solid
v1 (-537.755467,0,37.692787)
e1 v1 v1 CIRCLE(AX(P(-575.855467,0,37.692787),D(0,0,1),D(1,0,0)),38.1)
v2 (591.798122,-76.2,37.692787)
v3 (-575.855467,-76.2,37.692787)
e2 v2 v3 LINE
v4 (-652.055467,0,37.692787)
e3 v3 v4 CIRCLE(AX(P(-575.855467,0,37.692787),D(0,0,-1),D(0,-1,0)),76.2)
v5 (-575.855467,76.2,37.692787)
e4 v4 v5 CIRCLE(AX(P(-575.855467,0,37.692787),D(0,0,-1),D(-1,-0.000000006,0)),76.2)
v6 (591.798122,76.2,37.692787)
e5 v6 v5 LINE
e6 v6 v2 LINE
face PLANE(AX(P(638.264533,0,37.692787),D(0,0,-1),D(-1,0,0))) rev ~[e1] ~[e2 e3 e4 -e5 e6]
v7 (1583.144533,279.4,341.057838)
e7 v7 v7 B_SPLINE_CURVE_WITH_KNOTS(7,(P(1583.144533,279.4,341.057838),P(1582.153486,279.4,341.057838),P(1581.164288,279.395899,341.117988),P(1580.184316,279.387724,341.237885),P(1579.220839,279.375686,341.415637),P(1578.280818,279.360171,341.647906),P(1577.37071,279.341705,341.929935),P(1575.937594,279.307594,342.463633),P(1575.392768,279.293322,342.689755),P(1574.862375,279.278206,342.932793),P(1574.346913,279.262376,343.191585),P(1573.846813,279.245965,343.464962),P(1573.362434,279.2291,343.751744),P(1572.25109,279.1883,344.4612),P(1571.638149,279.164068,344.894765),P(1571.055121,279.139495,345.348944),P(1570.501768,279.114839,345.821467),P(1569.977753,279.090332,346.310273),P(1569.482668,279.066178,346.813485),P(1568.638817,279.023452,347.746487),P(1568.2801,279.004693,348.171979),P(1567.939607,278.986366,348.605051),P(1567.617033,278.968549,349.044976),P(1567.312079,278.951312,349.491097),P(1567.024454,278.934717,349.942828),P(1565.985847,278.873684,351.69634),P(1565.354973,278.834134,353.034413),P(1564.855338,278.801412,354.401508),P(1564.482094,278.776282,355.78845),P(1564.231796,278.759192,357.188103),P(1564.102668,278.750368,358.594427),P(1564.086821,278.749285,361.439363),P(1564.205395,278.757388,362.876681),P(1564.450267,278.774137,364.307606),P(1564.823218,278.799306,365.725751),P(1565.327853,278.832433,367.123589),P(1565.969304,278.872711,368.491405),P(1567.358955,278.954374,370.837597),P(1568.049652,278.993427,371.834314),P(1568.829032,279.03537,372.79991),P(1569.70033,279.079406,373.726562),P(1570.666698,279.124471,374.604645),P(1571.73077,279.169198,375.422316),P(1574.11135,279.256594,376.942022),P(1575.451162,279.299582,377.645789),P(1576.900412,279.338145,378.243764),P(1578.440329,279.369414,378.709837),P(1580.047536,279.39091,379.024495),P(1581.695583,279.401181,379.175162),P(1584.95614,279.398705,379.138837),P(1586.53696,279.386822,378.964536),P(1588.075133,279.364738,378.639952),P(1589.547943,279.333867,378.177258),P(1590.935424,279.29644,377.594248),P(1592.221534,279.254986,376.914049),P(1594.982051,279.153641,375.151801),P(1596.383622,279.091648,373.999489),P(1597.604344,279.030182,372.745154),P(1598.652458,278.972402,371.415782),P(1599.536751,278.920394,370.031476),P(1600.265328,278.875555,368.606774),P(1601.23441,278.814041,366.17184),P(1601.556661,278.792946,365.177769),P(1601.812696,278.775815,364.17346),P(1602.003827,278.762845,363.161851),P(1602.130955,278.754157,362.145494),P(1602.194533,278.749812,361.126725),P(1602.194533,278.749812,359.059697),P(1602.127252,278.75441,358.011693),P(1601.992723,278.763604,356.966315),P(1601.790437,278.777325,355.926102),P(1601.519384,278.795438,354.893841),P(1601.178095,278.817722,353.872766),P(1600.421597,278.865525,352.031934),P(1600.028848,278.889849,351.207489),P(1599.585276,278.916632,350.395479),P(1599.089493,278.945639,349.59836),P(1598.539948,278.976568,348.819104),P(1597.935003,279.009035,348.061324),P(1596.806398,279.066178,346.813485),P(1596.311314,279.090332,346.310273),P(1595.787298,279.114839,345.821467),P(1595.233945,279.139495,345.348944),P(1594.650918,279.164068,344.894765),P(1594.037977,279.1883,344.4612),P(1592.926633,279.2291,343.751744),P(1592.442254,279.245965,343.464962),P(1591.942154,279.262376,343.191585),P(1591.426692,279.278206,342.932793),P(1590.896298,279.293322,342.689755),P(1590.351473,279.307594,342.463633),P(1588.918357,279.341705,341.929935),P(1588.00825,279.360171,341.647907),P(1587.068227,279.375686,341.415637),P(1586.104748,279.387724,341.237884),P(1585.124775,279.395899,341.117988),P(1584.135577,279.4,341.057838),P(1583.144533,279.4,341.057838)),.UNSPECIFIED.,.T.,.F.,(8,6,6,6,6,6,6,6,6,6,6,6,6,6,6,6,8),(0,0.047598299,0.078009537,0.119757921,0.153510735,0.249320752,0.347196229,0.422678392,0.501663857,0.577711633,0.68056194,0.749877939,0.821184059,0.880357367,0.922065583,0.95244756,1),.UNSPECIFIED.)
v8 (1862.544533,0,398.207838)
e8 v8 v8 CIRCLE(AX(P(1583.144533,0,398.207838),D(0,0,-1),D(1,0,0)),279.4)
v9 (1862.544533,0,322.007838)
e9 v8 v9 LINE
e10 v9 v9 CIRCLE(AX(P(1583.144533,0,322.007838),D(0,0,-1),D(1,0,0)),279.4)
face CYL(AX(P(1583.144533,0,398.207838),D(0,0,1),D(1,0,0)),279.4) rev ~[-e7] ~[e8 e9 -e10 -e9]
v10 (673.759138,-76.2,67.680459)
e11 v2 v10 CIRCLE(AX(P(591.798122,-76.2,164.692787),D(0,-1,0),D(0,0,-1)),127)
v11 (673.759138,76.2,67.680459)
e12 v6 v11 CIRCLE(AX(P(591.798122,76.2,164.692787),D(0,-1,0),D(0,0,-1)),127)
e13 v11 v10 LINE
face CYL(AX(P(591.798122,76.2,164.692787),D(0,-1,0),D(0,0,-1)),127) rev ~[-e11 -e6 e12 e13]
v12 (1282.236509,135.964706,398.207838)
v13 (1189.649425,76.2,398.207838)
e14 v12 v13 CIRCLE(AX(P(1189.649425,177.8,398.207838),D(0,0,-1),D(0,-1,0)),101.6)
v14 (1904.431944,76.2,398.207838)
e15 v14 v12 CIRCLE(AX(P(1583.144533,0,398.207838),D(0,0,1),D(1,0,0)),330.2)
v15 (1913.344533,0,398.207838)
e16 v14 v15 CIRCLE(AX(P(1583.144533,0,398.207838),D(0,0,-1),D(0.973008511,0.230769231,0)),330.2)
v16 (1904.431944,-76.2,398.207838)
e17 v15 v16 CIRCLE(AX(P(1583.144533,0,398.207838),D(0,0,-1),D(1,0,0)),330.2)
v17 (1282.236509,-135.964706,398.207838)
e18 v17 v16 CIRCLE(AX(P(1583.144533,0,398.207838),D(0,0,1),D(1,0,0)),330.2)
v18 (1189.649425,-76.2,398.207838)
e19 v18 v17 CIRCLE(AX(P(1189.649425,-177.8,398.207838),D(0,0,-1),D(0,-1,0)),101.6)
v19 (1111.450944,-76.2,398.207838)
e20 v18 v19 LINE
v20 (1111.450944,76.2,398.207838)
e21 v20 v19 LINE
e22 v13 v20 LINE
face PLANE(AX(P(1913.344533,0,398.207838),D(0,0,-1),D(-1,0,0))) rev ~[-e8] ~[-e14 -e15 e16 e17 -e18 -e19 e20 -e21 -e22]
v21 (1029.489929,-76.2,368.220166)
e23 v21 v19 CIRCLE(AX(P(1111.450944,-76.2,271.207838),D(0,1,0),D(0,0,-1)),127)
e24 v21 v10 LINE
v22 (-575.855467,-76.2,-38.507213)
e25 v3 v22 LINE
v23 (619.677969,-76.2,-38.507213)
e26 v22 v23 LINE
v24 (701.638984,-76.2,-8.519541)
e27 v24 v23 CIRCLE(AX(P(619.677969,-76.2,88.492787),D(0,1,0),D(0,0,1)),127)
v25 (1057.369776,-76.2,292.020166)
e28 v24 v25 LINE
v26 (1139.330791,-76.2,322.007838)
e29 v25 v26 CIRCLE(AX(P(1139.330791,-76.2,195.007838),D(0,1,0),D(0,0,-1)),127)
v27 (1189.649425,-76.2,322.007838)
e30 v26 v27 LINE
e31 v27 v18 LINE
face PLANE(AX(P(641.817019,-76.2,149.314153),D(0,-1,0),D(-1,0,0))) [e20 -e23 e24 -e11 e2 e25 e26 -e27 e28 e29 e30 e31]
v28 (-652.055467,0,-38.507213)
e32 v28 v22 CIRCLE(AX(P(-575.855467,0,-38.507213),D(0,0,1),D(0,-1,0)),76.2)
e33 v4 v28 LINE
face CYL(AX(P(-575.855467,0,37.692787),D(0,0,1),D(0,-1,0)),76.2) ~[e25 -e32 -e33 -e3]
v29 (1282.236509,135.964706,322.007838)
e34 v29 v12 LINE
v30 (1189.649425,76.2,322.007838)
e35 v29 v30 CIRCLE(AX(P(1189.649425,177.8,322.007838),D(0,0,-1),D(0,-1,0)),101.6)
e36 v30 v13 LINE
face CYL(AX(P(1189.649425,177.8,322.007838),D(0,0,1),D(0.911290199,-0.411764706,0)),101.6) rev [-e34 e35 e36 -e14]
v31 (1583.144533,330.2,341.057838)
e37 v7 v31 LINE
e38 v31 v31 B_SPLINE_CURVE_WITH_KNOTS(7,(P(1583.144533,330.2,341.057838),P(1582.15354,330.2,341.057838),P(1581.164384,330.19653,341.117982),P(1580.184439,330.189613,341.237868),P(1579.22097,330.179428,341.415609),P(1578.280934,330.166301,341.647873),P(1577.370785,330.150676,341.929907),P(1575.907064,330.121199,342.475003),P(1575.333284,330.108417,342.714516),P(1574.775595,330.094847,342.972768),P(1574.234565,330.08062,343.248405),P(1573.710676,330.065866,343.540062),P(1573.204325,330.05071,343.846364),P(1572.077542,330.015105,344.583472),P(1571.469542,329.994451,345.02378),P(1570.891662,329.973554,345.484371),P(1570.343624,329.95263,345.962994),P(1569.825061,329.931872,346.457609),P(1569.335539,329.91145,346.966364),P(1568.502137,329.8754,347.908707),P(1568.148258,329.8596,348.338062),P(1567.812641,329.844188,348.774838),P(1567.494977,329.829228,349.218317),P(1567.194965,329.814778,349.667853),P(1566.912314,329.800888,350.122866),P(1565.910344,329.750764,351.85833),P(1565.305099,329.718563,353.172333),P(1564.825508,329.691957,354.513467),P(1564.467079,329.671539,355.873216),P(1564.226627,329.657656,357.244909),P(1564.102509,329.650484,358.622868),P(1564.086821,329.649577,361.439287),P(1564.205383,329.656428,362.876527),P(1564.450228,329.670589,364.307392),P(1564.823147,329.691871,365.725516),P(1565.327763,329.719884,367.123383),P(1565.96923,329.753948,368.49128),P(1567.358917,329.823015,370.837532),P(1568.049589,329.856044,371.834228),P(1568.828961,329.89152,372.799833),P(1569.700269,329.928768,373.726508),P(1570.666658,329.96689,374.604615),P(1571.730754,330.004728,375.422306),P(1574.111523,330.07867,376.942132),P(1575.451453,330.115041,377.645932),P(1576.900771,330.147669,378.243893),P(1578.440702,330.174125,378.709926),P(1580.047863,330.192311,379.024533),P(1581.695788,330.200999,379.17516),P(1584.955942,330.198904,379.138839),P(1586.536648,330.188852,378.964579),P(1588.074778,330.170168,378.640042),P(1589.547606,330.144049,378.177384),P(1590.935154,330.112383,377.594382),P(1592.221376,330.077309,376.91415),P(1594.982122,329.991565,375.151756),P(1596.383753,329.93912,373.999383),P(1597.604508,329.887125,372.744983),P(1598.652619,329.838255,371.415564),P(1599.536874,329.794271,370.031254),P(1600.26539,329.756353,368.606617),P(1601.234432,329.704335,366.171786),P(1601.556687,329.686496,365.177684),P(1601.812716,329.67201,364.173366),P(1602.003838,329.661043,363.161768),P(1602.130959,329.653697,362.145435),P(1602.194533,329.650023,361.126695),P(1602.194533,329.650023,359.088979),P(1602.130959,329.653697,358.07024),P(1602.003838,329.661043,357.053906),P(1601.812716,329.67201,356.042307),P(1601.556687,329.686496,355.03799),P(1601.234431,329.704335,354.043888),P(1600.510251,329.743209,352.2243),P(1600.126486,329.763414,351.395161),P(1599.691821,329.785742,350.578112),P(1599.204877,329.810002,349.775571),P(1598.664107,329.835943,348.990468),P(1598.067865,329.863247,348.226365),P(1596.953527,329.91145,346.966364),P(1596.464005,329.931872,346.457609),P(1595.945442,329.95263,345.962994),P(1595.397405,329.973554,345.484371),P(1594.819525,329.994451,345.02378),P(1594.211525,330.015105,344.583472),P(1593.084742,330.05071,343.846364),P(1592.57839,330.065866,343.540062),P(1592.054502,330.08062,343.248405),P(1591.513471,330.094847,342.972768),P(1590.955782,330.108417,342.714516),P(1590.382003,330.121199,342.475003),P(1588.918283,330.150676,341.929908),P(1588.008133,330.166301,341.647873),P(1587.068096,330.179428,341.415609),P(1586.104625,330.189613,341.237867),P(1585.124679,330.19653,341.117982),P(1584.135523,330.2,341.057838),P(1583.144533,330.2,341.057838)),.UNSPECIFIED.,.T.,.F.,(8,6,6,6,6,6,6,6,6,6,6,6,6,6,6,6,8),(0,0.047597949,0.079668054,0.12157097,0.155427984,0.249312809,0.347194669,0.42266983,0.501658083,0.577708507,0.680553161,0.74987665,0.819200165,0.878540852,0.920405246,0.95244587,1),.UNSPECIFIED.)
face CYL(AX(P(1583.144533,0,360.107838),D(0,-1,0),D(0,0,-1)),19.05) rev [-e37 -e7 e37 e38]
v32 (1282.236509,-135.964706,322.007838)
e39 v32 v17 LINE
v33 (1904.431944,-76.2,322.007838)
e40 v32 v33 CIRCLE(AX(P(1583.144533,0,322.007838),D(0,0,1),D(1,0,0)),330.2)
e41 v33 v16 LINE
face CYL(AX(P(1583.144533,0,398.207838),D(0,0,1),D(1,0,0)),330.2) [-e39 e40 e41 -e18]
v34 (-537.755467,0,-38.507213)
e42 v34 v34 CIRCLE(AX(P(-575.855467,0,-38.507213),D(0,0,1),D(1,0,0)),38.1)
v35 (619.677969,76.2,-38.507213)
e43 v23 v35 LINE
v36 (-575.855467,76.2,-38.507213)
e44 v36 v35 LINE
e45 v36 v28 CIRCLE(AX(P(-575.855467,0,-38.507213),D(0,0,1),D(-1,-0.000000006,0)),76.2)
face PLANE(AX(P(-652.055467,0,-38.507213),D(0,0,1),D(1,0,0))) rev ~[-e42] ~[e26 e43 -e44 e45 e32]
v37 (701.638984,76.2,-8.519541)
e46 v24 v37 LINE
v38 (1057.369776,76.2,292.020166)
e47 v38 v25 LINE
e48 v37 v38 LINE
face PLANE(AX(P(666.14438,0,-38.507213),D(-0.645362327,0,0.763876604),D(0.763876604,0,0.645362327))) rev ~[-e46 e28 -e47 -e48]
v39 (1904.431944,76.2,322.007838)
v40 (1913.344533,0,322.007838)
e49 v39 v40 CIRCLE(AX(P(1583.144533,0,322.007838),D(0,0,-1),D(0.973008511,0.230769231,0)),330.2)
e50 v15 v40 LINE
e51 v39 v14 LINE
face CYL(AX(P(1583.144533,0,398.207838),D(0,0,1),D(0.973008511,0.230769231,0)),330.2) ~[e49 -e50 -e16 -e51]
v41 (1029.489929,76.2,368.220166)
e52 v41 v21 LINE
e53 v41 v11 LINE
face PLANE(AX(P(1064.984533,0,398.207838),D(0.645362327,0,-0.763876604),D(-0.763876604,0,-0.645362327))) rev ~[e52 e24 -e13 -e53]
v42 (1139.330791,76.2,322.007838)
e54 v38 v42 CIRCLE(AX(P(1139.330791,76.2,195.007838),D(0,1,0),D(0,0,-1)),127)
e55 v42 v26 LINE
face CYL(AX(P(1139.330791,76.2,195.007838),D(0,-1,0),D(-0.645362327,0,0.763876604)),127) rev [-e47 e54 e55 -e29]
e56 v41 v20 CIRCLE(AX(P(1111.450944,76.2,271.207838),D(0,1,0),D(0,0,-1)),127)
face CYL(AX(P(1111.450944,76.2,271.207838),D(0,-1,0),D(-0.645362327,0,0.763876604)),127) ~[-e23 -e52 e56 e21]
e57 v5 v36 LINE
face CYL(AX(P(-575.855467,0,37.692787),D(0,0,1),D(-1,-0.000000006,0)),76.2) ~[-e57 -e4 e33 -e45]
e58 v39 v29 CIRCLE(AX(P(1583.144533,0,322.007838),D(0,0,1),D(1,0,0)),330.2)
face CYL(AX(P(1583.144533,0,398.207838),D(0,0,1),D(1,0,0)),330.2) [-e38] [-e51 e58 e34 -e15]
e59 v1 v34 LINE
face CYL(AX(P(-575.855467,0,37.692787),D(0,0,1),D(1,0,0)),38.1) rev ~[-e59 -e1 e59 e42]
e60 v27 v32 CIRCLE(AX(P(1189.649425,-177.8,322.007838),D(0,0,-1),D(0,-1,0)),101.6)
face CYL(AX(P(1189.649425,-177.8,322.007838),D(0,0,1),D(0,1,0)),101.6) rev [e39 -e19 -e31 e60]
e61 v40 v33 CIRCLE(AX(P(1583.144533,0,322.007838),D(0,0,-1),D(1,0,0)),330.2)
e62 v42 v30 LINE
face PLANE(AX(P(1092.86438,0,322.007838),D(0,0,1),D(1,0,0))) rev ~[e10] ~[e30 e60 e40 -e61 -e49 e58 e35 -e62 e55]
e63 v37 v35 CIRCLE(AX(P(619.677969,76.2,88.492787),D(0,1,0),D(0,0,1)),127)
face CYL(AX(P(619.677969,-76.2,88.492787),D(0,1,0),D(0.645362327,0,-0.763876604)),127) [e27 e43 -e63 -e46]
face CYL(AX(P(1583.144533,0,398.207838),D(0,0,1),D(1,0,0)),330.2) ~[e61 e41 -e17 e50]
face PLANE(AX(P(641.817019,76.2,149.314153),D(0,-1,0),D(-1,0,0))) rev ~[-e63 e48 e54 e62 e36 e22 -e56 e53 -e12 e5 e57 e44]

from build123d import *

# Parameters (mm, degrees)
BOSS_EXTRUDE1_DEPTH = 76.2
FILLET1_R           = 127
CUT_EXTRUDE1_DEPTH  = 152.4
SKETCH4_R           = 38.1
CUT_EXTRUDE2_DEPTH  = 152.4
SKETCH5_R           = 330.2
SKETCH5_R_2         = 279.4
BOSS_EXTRUDE2_DEPTH = 76.2
CUT_EXTRUDE3_DEPTH  = 76.2
SKETCH7_R           = 279.4
CUT_EXTRUDE4_DEPTH  = 76.2
FILLET2_R           = 101.6
SKETCH10_R          = 19.05
CUT_EXTRUDE5_DEPTH  = 1983.041579978


with BuildPart() as part:
    # Sketch1 → Boss-Extrude1 (new, symmetric)
    with BuildSketch(Plane(origin=(0, 0, 0), x_dir=(1, 0, 0), z_dir=(0, 1, 0))):
        Polygon((666.144379946, 38.507212604), (1092.864379946, -322.007837556), (1913.344533237, -322.007837556), (1913.344533237, -398.207837556), (1064.984533237, -398.207837556), (638.264533237, -37.692787396), (-652.055466763, -37.692787396), (-652.055466763, 38.507212604), align=None)
    extrude(amount=BOSS_EXTRUDE1_DEPTH, both=True)

    # Fillet1
    fillet1_edges = [part.edges().sort_by_distance(p)[0] for p in [
        (666.144379946, 0, -38.507212604),
        (1092.864379946, 0, 322.007837556),
        (1064.984533237, 0, 398.207837556),
        (638.264533237, 0, 37.692787396),
    ]]
    fillet(fillet1_edges, radius=FILLET1_R)

    # Sketch3 → Cut-Extrude1 (cut)
    with BuildSketch(Plane.XY.offset(37.692787396)):
        with BuildLine():
            ThreePointArc((-652.055466763, -4.31e-07), (-629.737003641, 53.881536574), (-575.855466763, 76.2))
            Line((-575.855466763, 76.2), (-652.055466763, 76.2))
            Line((-652.055466763, 76.2), (-652.055466763, -4.31e-07))
        make_face()
        with BuildLine():
            ThreePointArc((-575.855466763, -76.2), (-629.737003336, -53.881536879), (-652.055466763, -4.31e-07))
            Line((-652.055466763, -4.31e-07), (-652.055466763, -76.2))
            Line((-652.055466763, -76.2), (-575.855466763, -76.2))
        make_face()
    extrude(amount=-CUT_EXTRUDE1_DEPTH, mode=Mode.SUBTRACT)

    # Sketch4 → Cut-Extrude2 (cut)
    with BuildSketch(Plane.XY.offset(37.692787396)):
        with Locations((-575.855466763, 0)):
            Circle(SKETCH4_R)
    extrude(amount=-CUT_EXTRUDE2_DEPTH, mode=Mode.SUBTRACT)

    # Sketch5 → Boss-Extrude2 (add)
    with BuildSketch(Plane.XY.offset(398.207837556)):
        with Locations((1583.144533237, 0)):
            Circle(SKETCH5_R)
        with Locations((1583.144533237, 0)):
            Circle(SKETCH5_R_2, mode=Mode.SUBTRACT)
    extrude(amount=-BOSS_EXTRUDE2_DEPTH)

    # Sketch6 → Cut-Extrude3 (cut)
    with BuildSketch(Plane.XY.offset(398.207837556)):
        with BuildLine():
            Line((1913.344533237, 76.2), (1904.431943511, 76.2))
            ThreePointArc((1904.431943511, 76.2), (1911.108817019, 38.359725806), (1913.344533237, 0))
            Line((1913.344533237, 0), (1913.344533237, 76.2))
        make_face()
        with BuildLine():
            Line((1913.344533237, -76.2), (1913.344533237, 0))
            ThreePointArc((1913.344533237, 0), (1911.108817019, -38.359725806), (1904.431943511, -76.2))
            Line((1904.431943511, -76.2), (1913.344533237, -76.2))
        make_face()
    extrude(amount=-CUT_EXTRUDE3_DEPTH, mode=Mode.SUBTRACT)

    # Sketch7 → Cut-Extrude4 (cut)
    with BuildSketch(Plane.XY.offset(398.207837556)):
        with Locations((1583.144533237, 0)):
            Circle(SKETCH7_R)
    extrude(amount=-CUT_EXTRUDE4_DEPTH, mode=Mode.SUBTRACT)

    # Fillet2
    fillet2_edges = [part.edges().sort_by_distance(p)[0] for p in [
        (1261.857122964, -76.2, 360.107837556),
        (1261.857122964, 76.2, 360.107837556),
    ]]
    fillet(fillet2_edges, radius=FILLET2_R)

    # Sketch10 → Cut-Extrude5 (cut, through all)
    with BuildSketch(Plane(origin=(0, 0, 0), x_dir=(1, 0, 0), z_dir=(0, 1, 0))):
        with Locations(Location((1583.144533237, -360.107837556, 0), (0, 0, 90))):
            Circle(SKETCH10_R)
    extrude(amount=CUT_EXTRUDE5_DEPTH, mode=Mode.SUBTRACT)


solid = part.part
